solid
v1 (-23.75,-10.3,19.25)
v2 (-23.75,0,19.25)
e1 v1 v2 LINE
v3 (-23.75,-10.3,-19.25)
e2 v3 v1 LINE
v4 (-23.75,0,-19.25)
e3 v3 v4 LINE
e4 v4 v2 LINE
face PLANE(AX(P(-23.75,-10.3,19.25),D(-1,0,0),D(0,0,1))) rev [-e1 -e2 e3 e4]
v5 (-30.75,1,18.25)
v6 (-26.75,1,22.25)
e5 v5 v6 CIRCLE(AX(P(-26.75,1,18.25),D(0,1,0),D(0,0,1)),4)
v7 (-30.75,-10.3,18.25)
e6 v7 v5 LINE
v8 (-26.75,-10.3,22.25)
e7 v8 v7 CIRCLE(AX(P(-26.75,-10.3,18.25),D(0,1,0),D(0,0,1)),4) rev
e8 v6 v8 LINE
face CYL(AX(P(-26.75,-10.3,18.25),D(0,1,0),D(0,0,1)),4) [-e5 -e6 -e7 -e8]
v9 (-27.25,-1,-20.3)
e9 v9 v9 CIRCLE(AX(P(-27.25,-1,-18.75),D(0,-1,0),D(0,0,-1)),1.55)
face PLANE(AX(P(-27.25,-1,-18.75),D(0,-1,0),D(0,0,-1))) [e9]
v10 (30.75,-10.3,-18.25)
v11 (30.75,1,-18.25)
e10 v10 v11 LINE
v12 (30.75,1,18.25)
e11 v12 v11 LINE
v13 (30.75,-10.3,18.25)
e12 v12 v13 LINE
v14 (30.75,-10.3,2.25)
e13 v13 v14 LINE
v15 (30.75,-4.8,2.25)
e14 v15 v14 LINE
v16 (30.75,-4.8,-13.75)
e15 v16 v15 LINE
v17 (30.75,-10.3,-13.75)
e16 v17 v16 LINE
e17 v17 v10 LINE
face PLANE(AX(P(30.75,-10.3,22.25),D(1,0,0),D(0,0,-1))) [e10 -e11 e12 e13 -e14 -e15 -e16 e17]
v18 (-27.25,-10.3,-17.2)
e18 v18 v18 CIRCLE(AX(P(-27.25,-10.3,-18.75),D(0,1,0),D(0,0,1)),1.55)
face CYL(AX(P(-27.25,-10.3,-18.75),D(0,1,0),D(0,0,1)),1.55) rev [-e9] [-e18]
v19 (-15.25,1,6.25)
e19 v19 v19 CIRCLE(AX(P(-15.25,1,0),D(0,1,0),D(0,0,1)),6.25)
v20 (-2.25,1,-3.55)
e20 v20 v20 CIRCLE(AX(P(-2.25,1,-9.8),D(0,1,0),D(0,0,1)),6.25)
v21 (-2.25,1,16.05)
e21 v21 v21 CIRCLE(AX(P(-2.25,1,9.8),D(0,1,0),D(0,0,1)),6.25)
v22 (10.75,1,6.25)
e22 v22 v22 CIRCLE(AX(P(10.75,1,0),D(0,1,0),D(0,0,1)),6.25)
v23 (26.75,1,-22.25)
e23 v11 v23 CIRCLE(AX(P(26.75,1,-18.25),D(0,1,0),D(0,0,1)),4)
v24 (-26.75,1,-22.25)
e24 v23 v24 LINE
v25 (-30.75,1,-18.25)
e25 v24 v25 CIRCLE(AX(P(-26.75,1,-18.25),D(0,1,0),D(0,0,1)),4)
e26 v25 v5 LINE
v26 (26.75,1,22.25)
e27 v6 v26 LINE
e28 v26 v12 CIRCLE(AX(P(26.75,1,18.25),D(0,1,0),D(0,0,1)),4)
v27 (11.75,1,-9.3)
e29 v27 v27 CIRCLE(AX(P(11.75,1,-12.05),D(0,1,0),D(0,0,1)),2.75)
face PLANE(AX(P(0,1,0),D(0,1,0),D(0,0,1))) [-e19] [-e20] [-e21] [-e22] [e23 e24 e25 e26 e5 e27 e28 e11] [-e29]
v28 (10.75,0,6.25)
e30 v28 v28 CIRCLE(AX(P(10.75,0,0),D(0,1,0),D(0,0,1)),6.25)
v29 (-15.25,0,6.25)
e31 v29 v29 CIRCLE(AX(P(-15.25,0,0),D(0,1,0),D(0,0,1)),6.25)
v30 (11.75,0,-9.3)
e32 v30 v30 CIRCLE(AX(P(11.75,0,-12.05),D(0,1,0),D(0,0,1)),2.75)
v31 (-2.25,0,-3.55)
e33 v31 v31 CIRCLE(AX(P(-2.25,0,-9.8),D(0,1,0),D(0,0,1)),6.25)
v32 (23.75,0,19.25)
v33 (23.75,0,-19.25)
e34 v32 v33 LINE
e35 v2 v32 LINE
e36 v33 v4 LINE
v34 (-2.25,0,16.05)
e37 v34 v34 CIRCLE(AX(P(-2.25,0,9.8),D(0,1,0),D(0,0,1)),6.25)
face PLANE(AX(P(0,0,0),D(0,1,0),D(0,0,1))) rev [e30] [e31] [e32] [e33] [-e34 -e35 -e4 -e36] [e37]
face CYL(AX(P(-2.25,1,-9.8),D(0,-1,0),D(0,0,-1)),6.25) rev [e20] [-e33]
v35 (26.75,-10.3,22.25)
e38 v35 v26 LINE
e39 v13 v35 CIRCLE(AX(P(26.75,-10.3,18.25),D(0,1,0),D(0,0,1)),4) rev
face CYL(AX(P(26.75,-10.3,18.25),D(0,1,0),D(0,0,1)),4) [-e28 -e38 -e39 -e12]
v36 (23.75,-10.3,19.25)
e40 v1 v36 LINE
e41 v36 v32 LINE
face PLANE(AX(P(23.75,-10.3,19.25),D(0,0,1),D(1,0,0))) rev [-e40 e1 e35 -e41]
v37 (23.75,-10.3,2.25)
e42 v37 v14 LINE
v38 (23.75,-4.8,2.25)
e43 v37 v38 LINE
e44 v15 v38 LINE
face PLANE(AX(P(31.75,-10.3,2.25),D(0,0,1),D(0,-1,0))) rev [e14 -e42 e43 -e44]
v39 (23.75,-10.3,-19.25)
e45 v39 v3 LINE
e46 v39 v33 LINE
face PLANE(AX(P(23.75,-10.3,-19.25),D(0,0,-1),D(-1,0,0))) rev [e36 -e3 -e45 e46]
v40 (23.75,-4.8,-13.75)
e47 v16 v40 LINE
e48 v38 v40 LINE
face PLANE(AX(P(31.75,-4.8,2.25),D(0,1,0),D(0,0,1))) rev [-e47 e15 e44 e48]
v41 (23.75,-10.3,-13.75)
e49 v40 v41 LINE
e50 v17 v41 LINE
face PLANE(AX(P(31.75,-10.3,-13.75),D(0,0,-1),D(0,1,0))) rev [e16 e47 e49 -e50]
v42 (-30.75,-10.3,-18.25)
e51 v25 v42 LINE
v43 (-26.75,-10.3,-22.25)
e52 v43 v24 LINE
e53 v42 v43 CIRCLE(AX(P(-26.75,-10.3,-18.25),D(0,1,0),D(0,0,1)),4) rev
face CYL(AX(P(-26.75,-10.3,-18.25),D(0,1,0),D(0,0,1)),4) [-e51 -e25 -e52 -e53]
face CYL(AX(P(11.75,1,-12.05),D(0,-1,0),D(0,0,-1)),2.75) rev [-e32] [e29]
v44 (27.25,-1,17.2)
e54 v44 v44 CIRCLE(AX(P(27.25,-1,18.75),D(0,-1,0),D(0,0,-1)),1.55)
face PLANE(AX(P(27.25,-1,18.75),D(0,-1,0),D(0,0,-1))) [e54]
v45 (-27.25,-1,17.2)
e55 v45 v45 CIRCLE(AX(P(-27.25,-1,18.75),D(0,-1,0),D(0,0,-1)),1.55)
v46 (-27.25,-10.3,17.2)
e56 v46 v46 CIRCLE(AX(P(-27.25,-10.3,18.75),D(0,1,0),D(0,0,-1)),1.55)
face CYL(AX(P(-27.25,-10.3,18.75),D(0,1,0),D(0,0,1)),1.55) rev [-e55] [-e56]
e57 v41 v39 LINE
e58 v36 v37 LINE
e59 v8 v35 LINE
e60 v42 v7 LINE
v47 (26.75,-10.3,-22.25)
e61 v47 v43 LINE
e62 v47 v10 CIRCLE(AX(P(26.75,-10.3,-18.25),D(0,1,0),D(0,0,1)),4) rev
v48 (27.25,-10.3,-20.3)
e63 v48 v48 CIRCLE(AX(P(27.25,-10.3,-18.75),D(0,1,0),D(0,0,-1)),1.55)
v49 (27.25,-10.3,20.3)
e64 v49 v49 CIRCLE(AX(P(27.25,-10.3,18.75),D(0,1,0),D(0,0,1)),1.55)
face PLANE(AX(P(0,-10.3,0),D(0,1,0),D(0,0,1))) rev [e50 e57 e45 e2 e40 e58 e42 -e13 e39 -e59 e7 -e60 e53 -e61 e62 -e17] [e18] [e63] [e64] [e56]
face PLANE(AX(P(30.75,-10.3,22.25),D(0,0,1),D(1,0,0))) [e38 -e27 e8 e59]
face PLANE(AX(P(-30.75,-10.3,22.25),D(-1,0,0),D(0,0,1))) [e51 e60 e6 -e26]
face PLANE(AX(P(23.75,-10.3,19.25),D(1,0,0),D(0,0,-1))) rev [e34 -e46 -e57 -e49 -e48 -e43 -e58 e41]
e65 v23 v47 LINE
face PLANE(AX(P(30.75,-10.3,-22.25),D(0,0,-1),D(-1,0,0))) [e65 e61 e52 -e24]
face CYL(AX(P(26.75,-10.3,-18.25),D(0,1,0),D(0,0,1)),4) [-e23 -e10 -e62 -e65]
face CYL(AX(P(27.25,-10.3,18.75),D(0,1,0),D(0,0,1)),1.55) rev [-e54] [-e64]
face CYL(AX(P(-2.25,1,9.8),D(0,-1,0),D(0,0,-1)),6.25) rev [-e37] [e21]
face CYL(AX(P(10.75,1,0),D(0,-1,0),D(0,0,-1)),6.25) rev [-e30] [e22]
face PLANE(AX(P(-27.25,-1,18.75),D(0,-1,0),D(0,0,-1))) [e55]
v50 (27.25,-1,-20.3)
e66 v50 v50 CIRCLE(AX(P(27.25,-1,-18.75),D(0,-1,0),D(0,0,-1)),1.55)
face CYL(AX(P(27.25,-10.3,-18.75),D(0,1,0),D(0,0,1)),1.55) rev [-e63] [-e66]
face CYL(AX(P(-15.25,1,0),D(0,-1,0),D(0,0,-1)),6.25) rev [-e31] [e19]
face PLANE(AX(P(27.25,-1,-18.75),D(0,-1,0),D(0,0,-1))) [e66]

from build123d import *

# Parameters (mm, degrees)
SKETCH1_W           = 47.5
SKETCH1_H           = 38.5
SKETCH1_R           = 6.25
SKETCH1_R_2         = 2.75
BOSS_EXTRUDE2_DEPTH = 1
SKETCH2_W           = 61.5
SKETCH2_H           = 44.5
SKETCH2_R           = 1.55
SKETCH2_W_2         = 47.5
SKETCH2_H_2         = 38.5
BOSS_EXTRUDE3_DEPTH = 11.3
SKETCH3_R           = 1.55
BOSS_EXTRUDE4_DEPTH = 2
FILLET2_R           = 4
SKETCH4_W           = 16
SKETCH4_H           = 5.5
CUT_EXTRUDE1_DEPTH  = 8


with BuildPart() as part:
    # Sketch1 → Boss-Extrude2 (new body)
    with BuildSketch(Plane(origin=(0, 0, 0), x_dir=(1, 0, 0), z_dir=(0, 1, 0))):
        Rectangle(SKETCH1_W, SKETCH1_H)
        with Locations(Location((-2.25, 9.8, 0), (0, 0, 270))):
            Circle(SKETCH1_R, mode=Mode.SUBTRACT)
        with Locations(Location((10.75, 0, 0), (0, 0, 270))):
            Circle(SKETCH1_R, mode=Mode.SUBTRACT)
        with Locations(Location((-15.25, 0, 0), (0, 0, 270))):
            Circle(SKETCH1_R, mode=Mode.SUBTRACT)
        with Locations(Location((-2.25, -9.8, 0), (0, 0, 270))):
            Circle(SKETCH1_R, mode=Mode.SUBTRACT)
        with Locations(Location((11.75, 12.05, 0), (0, 0, 270))):
            Circle(SKETCH1_R_2, mode=Mode.SUBTRACT)
    extrude(amount=BOSS_EXTRUDE2_DEPTH)

    # Sketch2 → Boss-Extrude3 (add)
    with BuildSketch(Plane(origin=(0, 1, 0), x_dir=(1, 0, 0), z_dir=(0, 1, 0))):
        Rectangle(SKETCH2_W, SKETCH2_H)
        with Locations(Location((-27.25, 18.75, 0), (0, 0, 270))):
            Circle(SKETCH2_R, mode=Mode.SUBTRACT)
        with Locations(Location((27.25, 18.75, 0), (0, 0, 90))):
            Circle(SKETCH2_R, mode=Mode.SUBTRACT)
        with Locations(Location((27.25, -18.75, 0), (0, 0, 270))):
            Circle(SKETCH2_R, mode=Mode.SUBTRACT)
        with Locations(Location((-27.25, -18.75, 0), (0, 0, 90))):
            Circle(SKETCH2_R, mode=Mode.SUBTRACT)
        Rectangle(SKETCH2_W_2, SKETCH2_H_2, mode=Mode.SUBTRACT)
    extrude(amount=-BOSS_EXTRUDE3_DEPTH)

    # Sketch3 → Boss-Extrude4 (add)
    with BuildSketch(Plane.XZ.offset(-1)):
        with Locations(Location((27.25, -18.75, 0), (0, 0, 270))):
            Circle(SKETCH3_R)
        with Locations(Location((27.25, 18.75, 0), (0, 0, 90))):
            Circle(SKETCH3_R)
        with Locations(Location((-27.25, 18.75, 0), (0, 0, 270))):
            Circle(SKETCH3_R)
        with Locations(Location((-27.25, -18.75, 0), (0, 0, 90))):
            Circle(SKETCH3_R)
    extrude(amount=BOSS_EXTRUDE4_DEPTH)

    # Fillet2
    fillet2_edges = [part.edges().sort_by_distance(p)[0] for p in [
        (-30.75, -4.65, 22.25),
        (-30.75, -4.65, -22.25),
        (30.75, -4.65, -22.25),
        (30.75, -4.65, 22.25),
    ]]
    fillet(fillet2_edges, radius=FILLET2_R)

    # Sketch4 → Cut-Extrude1 (cut)
    with BuildSketch(Plane.ZY.offset(-23.75)):
        with Locations((-5.75, -7.55)):
            Rectangle(SKETCH4_W, SKETCH4_H)
    extrude(amount=-CUT_EXTRUDE1_DEPTH, mode=Mode.SUBTRACT)


solid = part.part
